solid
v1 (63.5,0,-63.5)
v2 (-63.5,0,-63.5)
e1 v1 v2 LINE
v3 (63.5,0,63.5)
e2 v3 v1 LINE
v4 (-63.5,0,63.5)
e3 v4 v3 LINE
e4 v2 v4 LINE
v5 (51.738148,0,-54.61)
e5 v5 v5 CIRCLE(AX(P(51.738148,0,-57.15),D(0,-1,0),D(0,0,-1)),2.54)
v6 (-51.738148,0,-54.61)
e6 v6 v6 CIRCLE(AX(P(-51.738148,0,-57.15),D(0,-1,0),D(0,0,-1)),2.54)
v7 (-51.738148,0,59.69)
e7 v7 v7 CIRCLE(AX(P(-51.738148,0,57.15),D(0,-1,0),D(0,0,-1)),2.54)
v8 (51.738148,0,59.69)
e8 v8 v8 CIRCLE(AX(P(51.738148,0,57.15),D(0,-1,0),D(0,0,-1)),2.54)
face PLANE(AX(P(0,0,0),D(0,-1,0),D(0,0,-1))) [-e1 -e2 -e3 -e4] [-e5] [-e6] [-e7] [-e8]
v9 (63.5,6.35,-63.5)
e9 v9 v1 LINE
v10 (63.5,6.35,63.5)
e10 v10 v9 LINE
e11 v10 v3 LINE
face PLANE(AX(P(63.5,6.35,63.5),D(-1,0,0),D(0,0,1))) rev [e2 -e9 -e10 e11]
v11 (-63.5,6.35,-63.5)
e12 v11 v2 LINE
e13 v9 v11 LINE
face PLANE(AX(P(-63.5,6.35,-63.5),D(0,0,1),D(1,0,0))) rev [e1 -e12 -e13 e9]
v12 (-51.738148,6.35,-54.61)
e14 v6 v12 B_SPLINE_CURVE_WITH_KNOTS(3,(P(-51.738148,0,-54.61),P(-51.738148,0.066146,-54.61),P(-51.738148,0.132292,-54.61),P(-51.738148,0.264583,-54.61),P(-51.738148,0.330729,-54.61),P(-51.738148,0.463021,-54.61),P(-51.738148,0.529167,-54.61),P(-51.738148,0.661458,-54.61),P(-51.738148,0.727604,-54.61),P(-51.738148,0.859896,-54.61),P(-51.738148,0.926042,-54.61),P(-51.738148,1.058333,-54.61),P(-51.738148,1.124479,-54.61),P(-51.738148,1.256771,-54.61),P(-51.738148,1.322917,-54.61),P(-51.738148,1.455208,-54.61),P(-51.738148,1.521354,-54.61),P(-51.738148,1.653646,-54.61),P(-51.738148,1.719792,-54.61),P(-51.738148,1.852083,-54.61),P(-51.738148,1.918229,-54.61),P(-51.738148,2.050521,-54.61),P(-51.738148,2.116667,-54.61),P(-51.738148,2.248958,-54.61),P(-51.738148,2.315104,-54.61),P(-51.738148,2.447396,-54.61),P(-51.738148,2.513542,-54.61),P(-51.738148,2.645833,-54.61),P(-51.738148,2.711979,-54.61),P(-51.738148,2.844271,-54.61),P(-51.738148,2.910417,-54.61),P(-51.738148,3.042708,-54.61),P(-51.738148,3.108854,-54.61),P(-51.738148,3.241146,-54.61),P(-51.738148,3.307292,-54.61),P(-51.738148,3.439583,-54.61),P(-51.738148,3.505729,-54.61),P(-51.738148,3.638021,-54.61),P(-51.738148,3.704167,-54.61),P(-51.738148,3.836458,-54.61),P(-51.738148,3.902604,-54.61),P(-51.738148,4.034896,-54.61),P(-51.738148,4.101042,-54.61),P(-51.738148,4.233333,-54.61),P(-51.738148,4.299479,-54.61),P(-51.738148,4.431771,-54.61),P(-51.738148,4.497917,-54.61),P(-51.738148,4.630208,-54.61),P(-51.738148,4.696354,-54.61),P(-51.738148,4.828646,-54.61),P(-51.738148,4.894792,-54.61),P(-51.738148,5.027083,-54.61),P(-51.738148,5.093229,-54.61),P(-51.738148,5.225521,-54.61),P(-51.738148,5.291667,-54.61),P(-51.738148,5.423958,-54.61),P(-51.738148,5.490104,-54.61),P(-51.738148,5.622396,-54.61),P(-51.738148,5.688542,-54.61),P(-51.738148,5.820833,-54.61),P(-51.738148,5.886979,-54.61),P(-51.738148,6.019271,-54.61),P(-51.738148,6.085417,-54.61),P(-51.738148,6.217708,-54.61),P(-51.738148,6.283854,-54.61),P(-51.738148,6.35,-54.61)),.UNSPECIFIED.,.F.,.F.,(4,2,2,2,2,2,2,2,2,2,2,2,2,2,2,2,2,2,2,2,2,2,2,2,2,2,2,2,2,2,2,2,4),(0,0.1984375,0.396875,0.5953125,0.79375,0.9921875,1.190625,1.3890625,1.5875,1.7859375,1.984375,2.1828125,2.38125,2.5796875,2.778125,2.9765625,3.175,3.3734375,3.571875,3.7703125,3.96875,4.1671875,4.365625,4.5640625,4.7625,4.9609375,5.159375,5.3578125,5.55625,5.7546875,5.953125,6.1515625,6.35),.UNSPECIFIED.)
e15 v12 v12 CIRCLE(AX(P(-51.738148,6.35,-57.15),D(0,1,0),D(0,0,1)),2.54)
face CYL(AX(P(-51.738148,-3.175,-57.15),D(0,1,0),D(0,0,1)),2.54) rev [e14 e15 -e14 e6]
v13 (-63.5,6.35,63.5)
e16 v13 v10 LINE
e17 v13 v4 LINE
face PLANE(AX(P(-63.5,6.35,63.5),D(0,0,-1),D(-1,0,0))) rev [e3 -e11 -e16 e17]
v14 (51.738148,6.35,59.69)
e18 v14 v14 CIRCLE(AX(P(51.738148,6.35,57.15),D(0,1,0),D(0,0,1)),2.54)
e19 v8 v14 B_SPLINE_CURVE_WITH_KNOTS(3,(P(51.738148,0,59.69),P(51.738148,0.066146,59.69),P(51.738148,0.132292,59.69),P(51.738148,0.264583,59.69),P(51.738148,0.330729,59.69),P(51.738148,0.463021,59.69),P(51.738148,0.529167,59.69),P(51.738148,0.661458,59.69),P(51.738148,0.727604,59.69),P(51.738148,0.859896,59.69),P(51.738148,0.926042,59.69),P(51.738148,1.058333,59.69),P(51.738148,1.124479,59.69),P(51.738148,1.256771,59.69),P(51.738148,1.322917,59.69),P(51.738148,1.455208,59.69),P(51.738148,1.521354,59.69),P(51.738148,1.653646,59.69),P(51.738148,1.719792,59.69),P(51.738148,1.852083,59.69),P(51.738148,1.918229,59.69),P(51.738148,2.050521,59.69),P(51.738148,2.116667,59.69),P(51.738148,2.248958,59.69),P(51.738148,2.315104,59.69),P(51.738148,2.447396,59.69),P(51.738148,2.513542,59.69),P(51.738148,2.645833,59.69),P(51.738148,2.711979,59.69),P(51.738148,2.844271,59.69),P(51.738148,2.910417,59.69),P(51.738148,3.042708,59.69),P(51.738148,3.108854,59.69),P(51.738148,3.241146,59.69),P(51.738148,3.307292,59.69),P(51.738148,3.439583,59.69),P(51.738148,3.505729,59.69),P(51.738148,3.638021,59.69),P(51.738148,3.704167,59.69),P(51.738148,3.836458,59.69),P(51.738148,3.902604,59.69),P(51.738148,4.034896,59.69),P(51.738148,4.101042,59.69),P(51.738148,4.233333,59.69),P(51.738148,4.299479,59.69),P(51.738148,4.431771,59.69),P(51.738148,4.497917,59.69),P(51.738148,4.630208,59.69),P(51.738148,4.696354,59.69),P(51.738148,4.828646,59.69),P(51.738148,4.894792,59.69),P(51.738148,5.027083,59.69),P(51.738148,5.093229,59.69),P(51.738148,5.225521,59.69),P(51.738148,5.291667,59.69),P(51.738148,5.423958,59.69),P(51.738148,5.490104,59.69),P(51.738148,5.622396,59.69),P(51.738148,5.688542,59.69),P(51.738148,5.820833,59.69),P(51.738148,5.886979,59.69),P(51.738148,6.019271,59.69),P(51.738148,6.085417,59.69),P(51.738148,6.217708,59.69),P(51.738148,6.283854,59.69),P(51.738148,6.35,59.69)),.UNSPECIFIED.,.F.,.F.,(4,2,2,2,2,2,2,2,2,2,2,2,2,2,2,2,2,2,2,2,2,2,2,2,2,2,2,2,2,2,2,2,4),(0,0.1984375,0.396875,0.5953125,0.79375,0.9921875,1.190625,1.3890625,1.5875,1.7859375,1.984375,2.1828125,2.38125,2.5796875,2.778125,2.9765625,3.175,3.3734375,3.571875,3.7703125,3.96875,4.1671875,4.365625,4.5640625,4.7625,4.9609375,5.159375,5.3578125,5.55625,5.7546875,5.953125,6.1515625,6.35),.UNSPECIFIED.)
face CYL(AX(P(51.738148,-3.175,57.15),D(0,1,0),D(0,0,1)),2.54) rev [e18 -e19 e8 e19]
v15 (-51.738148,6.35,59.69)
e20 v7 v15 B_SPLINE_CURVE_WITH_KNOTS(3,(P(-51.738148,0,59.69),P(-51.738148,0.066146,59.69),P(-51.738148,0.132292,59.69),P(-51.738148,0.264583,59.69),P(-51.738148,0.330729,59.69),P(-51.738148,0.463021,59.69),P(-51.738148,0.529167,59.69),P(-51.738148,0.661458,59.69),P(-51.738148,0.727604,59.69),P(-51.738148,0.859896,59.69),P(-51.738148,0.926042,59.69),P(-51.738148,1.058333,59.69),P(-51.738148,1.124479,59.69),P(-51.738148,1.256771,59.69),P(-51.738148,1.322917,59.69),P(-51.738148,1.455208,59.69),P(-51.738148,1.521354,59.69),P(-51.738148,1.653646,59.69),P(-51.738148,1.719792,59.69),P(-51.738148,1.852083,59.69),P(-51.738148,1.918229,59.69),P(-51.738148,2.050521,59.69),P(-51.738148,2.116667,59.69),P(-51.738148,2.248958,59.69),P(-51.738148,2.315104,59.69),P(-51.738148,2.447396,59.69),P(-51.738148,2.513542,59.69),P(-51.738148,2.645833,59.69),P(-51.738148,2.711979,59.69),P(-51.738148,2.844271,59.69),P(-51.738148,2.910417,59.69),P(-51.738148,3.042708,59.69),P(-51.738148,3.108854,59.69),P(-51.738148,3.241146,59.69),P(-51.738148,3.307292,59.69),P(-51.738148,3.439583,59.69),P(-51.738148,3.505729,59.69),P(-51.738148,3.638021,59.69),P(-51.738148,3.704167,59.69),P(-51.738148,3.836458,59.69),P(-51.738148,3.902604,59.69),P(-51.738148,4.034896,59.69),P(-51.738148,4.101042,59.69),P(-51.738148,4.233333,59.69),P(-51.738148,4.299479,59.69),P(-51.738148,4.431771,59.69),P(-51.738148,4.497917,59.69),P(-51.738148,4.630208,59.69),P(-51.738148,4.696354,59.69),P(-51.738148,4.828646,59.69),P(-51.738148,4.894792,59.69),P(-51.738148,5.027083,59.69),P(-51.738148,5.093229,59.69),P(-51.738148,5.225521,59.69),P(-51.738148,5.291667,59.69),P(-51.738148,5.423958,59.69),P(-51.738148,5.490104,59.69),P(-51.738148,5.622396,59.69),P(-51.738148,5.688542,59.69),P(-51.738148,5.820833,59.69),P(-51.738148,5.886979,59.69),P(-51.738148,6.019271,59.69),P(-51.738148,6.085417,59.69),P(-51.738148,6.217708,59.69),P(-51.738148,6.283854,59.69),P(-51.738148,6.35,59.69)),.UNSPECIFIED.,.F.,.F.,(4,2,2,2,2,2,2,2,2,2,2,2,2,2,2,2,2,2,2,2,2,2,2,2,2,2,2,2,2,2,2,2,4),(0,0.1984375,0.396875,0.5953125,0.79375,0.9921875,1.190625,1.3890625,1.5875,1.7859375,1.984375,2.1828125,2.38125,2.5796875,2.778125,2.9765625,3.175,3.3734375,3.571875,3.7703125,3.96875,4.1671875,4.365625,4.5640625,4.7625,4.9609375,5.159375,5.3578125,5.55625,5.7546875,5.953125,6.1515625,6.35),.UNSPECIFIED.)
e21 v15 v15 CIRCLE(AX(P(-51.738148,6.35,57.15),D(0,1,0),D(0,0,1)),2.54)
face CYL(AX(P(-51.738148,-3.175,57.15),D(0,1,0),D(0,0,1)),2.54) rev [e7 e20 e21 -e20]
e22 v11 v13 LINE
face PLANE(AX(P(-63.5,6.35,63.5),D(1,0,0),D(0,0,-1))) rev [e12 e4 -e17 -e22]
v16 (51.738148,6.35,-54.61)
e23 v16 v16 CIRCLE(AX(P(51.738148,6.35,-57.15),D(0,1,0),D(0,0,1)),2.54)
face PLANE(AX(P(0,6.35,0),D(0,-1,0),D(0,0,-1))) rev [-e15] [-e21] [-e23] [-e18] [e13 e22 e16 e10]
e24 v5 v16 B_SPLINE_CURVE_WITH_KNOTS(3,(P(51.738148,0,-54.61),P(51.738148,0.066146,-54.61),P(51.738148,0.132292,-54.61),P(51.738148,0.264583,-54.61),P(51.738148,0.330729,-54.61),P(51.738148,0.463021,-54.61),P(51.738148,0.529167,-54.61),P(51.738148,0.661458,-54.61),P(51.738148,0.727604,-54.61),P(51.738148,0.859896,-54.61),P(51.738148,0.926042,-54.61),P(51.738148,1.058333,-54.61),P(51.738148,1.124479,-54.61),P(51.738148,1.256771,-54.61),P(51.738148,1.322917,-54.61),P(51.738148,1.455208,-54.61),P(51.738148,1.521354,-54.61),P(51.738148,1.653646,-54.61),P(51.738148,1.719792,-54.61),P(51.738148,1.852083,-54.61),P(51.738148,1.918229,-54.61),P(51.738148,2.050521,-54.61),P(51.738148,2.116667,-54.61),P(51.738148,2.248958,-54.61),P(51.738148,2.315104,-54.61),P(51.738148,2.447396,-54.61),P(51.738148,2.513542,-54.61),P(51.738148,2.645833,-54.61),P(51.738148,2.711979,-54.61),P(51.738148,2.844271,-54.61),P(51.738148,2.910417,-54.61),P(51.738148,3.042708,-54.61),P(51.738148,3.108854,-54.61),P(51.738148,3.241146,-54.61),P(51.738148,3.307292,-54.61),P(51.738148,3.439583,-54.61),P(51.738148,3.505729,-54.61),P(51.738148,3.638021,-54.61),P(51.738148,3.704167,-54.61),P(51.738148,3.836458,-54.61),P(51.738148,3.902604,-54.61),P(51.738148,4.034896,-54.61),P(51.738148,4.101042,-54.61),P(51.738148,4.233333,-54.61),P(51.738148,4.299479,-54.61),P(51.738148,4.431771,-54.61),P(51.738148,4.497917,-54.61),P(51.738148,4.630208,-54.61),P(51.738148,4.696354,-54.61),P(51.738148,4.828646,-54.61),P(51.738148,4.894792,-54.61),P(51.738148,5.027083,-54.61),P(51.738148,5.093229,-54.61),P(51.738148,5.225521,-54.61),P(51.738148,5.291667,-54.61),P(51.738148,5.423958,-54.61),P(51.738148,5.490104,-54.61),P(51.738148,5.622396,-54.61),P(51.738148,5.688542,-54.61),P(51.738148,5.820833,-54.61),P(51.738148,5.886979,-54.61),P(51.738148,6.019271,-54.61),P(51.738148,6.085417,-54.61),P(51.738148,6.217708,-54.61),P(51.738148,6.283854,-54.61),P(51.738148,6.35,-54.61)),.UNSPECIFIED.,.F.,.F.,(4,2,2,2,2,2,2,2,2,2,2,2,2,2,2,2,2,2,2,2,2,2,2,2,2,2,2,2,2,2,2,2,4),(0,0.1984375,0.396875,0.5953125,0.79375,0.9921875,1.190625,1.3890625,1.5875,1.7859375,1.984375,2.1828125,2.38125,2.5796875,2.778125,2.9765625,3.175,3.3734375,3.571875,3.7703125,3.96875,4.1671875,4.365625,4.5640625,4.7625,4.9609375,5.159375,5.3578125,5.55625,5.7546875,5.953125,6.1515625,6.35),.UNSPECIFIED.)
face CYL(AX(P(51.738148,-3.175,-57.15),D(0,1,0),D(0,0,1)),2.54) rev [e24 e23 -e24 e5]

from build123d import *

# Parameters (mm, degrees)
SKETCH1_W           = 127
SKETCH1_H           = 127
BOSS_EXTRUDE1_DEPTH = 6.35
SKETCH3_R           = 2.54
CUT_EXTRUDE2_DEPTH  = 9.525


with BuildPart() as part:
    # Sketch1 → Boss-Extrude1 (new body)
    with BuildSketch(Plane(origin=(0, 0, 0), x_dir=(1, 0, 0), z_dir=(0, 1, 0))):
        Rectangle(SKETCH1_W, SKETCH1_H)
    extrude(amount=BOSS_EXTRUDE1_DEPTH)

    # Sketch3 → Cut-Extrude2 (cut)
    with BuildSketch(Plane(origin=(0, 6.35, 0), x_dir=(1, 0, 0), z_dir=(0, 1, 0))):
        with Locations(Location((-51.738148447, 57.15, 0), (0, 0, 270))):
            Circle(SKETCH3_R)
        with Locations(Location((51.738148447, 57.15, 0), (0, 0, 270))):
            Circle(SKETCH3_R)
        with Locations(Location((-51.738148447, -57.15, 0), (0, 0, 270))):
            Circle(SKETCH3_R)
        with Locations(Location((51.738148447, -57.15, 0), (0, 0, 270))):
            Circle(SKETCH3_R)
    extrude(amount=-CUT_EXTRUDE2_DEPTH, mode=Mode.SUBTRACT)


solid = part.part
